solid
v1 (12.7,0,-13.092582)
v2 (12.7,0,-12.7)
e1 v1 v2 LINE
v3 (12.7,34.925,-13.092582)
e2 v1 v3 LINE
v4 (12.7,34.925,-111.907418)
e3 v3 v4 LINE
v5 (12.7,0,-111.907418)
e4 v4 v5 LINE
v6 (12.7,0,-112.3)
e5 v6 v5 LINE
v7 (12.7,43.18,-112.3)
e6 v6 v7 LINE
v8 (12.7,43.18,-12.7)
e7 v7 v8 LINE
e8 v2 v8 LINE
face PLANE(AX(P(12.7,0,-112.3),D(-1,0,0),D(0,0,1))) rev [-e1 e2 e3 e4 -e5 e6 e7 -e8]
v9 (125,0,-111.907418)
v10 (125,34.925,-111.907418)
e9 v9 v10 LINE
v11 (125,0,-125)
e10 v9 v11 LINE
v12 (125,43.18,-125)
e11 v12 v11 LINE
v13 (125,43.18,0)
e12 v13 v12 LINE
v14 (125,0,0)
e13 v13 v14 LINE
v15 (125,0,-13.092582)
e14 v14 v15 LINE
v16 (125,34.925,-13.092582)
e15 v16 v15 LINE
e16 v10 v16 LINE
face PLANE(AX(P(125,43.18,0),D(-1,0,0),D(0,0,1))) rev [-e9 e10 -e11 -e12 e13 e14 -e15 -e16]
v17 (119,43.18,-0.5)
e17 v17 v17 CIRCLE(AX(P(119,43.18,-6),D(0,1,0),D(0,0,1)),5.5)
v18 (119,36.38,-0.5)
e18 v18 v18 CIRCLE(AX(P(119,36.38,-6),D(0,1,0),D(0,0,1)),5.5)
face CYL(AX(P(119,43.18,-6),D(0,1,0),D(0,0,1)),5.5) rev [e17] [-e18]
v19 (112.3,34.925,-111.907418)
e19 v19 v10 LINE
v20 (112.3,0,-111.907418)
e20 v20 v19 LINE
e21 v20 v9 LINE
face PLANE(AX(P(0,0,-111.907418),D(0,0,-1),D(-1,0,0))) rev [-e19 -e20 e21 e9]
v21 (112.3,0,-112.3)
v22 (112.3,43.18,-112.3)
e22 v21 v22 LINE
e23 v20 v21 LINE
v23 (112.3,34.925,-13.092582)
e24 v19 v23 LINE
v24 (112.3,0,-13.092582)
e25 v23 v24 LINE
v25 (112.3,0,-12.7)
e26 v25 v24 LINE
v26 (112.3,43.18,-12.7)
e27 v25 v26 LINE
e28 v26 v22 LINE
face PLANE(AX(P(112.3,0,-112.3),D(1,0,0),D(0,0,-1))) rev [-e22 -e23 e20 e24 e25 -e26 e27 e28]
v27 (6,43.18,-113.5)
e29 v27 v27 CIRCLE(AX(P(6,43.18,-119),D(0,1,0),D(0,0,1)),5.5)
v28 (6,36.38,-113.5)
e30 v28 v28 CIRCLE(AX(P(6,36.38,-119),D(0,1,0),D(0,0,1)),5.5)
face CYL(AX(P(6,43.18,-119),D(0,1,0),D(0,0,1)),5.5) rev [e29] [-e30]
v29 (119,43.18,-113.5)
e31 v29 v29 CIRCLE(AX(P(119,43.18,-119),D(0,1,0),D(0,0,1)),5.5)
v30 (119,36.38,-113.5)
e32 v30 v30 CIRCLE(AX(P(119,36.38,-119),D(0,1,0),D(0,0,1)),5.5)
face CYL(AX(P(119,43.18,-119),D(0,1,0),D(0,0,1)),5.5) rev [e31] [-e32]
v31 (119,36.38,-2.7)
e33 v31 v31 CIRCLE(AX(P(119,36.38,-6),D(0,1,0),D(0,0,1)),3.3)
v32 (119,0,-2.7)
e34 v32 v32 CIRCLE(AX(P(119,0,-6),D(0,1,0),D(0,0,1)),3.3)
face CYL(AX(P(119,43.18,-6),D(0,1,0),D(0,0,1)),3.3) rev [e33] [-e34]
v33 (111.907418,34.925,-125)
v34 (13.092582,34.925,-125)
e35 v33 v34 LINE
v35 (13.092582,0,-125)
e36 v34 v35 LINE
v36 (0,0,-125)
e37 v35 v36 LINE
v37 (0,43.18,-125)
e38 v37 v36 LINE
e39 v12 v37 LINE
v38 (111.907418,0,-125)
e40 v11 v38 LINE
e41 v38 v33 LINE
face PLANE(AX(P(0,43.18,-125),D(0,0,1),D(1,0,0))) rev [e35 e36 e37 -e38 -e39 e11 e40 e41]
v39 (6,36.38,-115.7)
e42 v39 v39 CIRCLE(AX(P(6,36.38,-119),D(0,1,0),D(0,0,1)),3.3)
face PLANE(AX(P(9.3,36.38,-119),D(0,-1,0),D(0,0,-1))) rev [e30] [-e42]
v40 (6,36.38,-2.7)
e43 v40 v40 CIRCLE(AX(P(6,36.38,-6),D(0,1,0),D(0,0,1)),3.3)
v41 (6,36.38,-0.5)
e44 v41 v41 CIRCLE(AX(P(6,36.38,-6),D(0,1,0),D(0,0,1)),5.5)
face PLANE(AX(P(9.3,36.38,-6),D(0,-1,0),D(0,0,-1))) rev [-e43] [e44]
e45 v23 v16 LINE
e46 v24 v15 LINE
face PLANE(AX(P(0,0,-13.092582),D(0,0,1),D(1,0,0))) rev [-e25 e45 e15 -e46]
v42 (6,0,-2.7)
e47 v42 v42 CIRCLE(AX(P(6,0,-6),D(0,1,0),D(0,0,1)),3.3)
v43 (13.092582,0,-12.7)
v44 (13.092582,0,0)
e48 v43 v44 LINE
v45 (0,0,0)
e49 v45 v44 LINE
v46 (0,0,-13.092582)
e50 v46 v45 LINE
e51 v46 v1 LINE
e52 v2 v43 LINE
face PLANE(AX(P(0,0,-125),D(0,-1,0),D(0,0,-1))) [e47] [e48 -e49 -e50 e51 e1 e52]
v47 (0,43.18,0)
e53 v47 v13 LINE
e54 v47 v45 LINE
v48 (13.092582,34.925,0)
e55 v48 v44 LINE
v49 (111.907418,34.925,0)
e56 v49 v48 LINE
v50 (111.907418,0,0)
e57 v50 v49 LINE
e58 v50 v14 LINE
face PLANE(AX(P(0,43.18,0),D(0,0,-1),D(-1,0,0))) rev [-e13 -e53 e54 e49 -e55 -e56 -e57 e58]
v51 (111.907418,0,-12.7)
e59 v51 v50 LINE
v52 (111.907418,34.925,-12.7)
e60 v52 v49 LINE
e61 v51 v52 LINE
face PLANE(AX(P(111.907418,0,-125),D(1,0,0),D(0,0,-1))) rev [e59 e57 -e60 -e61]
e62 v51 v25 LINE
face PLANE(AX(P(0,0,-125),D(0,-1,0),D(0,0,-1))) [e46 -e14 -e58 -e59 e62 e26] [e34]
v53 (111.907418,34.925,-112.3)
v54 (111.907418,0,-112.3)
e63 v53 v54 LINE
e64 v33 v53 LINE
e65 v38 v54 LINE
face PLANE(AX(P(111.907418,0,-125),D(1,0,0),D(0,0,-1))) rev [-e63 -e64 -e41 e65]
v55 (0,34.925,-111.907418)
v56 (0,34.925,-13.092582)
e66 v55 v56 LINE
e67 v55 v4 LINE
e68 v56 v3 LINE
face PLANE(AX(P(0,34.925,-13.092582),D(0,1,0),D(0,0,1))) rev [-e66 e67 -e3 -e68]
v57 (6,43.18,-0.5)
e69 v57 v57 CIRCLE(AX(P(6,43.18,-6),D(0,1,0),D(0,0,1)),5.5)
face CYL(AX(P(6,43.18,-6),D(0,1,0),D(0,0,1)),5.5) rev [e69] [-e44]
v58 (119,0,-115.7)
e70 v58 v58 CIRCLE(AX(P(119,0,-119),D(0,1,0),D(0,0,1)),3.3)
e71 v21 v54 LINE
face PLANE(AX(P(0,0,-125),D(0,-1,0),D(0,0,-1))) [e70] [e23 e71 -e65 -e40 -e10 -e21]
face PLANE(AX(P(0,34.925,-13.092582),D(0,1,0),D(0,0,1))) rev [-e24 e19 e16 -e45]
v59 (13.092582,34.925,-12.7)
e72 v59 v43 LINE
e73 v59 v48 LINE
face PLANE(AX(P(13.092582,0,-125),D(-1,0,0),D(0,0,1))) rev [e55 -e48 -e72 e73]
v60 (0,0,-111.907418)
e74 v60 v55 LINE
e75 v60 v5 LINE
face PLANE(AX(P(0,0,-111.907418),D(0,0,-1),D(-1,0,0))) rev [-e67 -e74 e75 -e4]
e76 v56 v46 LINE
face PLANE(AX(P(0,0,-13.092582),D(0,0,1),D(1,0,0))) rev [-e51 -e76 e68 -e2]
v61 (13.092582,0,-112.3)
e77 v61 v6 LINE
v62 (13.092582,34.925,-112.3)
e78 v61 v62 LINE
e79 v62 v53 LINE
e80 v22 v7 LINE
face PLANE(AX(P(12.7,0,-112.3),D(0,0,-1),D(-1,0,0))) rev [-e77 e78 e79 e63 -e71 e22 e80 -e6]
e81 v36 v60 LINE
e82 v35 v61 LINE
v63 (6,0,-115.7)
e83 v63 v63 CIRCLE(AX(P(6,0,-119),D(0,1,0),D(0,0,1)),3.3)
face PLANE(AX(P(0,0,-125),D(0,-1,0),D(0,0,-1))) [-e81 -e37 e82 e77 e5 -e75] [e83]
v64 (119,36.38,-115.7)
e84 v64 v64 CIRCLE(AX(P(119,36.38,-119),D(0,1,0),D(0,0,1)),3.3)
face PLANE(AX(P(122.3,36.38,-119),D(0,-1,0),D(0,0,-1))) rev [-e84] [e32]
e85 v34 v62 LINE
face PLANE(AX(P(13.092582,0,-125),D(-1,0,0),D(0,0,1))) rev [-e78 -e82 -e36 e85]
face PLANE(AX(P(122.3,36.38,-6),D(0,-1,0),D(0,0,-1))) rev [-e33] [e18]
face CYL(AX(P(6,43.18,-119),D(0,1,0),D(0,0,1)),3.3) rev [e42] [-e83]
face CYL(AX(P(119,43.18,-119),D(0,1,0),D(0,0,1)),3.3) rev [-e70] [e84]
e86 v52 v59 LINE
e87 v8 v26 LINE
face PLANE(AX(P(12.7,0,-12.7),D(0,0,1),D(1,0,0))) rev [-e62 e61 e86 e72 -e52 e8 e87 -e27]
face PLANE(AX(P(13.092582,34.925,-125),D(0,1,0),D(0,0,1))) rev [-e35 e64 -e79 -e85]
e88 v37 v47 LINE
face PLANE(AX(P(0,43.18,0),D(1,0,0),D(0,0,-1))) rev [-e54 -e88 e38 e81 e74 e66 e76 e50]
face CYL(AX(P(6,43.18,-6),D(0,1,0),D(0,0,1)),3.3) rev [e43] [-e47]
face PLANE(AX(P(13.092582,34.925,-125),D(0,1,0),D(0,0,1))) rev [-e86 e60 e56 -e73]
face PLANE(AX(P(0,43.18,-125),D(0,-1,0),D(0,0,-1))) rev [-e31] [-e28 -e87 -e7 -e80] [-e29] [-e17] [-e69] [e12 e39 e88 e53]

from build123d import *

# Parameters (mm, degrees)
SKETCH1_W                 = 125
SKETCH1_H                 = 125
EXTRUDE1_DEPTH            = 43.18
SKETCH2_W                 = 99.6
SKETCH2_H                 = 99.6
CUT_EXTRUDE1_DEPTH        = 182.973933298
SKETCH3_W                 = 98.8148352
SKETCH3_H                 = 34.925
CUT_EXTRUDE2_DEPTH        = 182.973933298
SKETCH6_W                 = 98.8148352
SKETCH6_H                 = 34.925
CUT_EXTRUDE3_DEPTH        = 182.973933298
HOLE_WIZARD_2_D           = 6.6
HOLE_WIZARD_2_CBORE_D     = 11
HOLE_WIZARD_2_CBORE_DEPTH = 6.8


with BuildPart() as part:
    # Sketch1 → Extrude1 (new body)
    with BuildSketch(Plane(origin=(0, 0, 0), x_dir=(1, 0, 0), z_dir=(0, 1, 0))):
        with Locations((62.5, 62.5)):
            Rectangle(SKETCH1_W, SKETCH1_H)
    extrude(amount=EXTRUDE1_DEPTH)

    # Sketch2 → Cut-Extrude1 (cut, through all)
    with BuildSketch(Plane(origin=(0, 43.18, 0), x_dir=(-1, 0, 0), z_dir=(0, 1, 0))):
        with Locations((-62.5, -62.5)):
            Rectangle(SKETCH2_W, SKETCH2_H)
    extrude(amount=-CUT_EXTRUDE1_DEPTH, mode=Mode.SUBTRACT)

    # Sketch3 → Cut-Extrude2 (cut, through all)
    with BuildSketch(Plane.XY):
        with Locations((62.5, 17.4625)):
            Rectangle(SKETCH3_W, SKETCH3_H)
    extrude(amount=-CUT_EXTRUDE2_DEPTH, mode=Mode.SUBTRACT)

    # Sketch6 → Cut-Extrude3 (cut, through all)
    with BuildSketch(Plane(origin=(125, 0, 0), x_dir=(0, 0, -1), z_dir=(1, 0, 0))):
        with Locations((62.5, 17.4625)):
            Rectangle(SKETCH6_W, SKETCH6_H)
    extrude(amount=-CUT_EXTRUDE3_DEPTH, mode=Mode.SUBTRACT)

    # 打孔尺寸(%根据)内六角圆柱头螺钉的类型2 (through all)
    with Locations(Plane(origin=(0, 43.18, 0), x_dir=(-1, 0, 0), z_dir=(0, 1, 0))):
        with Locations((-6, -6), (-119, -6), (-119, -119), (-6, -119)):
            CounterBoreHole(HOLE_WIZARD_2_D / 2, HOLE_WIZARD_2_CBORE_D / 2, HOLE_WIZARD_2_CBORE_DEPTH)


solid = part.part
